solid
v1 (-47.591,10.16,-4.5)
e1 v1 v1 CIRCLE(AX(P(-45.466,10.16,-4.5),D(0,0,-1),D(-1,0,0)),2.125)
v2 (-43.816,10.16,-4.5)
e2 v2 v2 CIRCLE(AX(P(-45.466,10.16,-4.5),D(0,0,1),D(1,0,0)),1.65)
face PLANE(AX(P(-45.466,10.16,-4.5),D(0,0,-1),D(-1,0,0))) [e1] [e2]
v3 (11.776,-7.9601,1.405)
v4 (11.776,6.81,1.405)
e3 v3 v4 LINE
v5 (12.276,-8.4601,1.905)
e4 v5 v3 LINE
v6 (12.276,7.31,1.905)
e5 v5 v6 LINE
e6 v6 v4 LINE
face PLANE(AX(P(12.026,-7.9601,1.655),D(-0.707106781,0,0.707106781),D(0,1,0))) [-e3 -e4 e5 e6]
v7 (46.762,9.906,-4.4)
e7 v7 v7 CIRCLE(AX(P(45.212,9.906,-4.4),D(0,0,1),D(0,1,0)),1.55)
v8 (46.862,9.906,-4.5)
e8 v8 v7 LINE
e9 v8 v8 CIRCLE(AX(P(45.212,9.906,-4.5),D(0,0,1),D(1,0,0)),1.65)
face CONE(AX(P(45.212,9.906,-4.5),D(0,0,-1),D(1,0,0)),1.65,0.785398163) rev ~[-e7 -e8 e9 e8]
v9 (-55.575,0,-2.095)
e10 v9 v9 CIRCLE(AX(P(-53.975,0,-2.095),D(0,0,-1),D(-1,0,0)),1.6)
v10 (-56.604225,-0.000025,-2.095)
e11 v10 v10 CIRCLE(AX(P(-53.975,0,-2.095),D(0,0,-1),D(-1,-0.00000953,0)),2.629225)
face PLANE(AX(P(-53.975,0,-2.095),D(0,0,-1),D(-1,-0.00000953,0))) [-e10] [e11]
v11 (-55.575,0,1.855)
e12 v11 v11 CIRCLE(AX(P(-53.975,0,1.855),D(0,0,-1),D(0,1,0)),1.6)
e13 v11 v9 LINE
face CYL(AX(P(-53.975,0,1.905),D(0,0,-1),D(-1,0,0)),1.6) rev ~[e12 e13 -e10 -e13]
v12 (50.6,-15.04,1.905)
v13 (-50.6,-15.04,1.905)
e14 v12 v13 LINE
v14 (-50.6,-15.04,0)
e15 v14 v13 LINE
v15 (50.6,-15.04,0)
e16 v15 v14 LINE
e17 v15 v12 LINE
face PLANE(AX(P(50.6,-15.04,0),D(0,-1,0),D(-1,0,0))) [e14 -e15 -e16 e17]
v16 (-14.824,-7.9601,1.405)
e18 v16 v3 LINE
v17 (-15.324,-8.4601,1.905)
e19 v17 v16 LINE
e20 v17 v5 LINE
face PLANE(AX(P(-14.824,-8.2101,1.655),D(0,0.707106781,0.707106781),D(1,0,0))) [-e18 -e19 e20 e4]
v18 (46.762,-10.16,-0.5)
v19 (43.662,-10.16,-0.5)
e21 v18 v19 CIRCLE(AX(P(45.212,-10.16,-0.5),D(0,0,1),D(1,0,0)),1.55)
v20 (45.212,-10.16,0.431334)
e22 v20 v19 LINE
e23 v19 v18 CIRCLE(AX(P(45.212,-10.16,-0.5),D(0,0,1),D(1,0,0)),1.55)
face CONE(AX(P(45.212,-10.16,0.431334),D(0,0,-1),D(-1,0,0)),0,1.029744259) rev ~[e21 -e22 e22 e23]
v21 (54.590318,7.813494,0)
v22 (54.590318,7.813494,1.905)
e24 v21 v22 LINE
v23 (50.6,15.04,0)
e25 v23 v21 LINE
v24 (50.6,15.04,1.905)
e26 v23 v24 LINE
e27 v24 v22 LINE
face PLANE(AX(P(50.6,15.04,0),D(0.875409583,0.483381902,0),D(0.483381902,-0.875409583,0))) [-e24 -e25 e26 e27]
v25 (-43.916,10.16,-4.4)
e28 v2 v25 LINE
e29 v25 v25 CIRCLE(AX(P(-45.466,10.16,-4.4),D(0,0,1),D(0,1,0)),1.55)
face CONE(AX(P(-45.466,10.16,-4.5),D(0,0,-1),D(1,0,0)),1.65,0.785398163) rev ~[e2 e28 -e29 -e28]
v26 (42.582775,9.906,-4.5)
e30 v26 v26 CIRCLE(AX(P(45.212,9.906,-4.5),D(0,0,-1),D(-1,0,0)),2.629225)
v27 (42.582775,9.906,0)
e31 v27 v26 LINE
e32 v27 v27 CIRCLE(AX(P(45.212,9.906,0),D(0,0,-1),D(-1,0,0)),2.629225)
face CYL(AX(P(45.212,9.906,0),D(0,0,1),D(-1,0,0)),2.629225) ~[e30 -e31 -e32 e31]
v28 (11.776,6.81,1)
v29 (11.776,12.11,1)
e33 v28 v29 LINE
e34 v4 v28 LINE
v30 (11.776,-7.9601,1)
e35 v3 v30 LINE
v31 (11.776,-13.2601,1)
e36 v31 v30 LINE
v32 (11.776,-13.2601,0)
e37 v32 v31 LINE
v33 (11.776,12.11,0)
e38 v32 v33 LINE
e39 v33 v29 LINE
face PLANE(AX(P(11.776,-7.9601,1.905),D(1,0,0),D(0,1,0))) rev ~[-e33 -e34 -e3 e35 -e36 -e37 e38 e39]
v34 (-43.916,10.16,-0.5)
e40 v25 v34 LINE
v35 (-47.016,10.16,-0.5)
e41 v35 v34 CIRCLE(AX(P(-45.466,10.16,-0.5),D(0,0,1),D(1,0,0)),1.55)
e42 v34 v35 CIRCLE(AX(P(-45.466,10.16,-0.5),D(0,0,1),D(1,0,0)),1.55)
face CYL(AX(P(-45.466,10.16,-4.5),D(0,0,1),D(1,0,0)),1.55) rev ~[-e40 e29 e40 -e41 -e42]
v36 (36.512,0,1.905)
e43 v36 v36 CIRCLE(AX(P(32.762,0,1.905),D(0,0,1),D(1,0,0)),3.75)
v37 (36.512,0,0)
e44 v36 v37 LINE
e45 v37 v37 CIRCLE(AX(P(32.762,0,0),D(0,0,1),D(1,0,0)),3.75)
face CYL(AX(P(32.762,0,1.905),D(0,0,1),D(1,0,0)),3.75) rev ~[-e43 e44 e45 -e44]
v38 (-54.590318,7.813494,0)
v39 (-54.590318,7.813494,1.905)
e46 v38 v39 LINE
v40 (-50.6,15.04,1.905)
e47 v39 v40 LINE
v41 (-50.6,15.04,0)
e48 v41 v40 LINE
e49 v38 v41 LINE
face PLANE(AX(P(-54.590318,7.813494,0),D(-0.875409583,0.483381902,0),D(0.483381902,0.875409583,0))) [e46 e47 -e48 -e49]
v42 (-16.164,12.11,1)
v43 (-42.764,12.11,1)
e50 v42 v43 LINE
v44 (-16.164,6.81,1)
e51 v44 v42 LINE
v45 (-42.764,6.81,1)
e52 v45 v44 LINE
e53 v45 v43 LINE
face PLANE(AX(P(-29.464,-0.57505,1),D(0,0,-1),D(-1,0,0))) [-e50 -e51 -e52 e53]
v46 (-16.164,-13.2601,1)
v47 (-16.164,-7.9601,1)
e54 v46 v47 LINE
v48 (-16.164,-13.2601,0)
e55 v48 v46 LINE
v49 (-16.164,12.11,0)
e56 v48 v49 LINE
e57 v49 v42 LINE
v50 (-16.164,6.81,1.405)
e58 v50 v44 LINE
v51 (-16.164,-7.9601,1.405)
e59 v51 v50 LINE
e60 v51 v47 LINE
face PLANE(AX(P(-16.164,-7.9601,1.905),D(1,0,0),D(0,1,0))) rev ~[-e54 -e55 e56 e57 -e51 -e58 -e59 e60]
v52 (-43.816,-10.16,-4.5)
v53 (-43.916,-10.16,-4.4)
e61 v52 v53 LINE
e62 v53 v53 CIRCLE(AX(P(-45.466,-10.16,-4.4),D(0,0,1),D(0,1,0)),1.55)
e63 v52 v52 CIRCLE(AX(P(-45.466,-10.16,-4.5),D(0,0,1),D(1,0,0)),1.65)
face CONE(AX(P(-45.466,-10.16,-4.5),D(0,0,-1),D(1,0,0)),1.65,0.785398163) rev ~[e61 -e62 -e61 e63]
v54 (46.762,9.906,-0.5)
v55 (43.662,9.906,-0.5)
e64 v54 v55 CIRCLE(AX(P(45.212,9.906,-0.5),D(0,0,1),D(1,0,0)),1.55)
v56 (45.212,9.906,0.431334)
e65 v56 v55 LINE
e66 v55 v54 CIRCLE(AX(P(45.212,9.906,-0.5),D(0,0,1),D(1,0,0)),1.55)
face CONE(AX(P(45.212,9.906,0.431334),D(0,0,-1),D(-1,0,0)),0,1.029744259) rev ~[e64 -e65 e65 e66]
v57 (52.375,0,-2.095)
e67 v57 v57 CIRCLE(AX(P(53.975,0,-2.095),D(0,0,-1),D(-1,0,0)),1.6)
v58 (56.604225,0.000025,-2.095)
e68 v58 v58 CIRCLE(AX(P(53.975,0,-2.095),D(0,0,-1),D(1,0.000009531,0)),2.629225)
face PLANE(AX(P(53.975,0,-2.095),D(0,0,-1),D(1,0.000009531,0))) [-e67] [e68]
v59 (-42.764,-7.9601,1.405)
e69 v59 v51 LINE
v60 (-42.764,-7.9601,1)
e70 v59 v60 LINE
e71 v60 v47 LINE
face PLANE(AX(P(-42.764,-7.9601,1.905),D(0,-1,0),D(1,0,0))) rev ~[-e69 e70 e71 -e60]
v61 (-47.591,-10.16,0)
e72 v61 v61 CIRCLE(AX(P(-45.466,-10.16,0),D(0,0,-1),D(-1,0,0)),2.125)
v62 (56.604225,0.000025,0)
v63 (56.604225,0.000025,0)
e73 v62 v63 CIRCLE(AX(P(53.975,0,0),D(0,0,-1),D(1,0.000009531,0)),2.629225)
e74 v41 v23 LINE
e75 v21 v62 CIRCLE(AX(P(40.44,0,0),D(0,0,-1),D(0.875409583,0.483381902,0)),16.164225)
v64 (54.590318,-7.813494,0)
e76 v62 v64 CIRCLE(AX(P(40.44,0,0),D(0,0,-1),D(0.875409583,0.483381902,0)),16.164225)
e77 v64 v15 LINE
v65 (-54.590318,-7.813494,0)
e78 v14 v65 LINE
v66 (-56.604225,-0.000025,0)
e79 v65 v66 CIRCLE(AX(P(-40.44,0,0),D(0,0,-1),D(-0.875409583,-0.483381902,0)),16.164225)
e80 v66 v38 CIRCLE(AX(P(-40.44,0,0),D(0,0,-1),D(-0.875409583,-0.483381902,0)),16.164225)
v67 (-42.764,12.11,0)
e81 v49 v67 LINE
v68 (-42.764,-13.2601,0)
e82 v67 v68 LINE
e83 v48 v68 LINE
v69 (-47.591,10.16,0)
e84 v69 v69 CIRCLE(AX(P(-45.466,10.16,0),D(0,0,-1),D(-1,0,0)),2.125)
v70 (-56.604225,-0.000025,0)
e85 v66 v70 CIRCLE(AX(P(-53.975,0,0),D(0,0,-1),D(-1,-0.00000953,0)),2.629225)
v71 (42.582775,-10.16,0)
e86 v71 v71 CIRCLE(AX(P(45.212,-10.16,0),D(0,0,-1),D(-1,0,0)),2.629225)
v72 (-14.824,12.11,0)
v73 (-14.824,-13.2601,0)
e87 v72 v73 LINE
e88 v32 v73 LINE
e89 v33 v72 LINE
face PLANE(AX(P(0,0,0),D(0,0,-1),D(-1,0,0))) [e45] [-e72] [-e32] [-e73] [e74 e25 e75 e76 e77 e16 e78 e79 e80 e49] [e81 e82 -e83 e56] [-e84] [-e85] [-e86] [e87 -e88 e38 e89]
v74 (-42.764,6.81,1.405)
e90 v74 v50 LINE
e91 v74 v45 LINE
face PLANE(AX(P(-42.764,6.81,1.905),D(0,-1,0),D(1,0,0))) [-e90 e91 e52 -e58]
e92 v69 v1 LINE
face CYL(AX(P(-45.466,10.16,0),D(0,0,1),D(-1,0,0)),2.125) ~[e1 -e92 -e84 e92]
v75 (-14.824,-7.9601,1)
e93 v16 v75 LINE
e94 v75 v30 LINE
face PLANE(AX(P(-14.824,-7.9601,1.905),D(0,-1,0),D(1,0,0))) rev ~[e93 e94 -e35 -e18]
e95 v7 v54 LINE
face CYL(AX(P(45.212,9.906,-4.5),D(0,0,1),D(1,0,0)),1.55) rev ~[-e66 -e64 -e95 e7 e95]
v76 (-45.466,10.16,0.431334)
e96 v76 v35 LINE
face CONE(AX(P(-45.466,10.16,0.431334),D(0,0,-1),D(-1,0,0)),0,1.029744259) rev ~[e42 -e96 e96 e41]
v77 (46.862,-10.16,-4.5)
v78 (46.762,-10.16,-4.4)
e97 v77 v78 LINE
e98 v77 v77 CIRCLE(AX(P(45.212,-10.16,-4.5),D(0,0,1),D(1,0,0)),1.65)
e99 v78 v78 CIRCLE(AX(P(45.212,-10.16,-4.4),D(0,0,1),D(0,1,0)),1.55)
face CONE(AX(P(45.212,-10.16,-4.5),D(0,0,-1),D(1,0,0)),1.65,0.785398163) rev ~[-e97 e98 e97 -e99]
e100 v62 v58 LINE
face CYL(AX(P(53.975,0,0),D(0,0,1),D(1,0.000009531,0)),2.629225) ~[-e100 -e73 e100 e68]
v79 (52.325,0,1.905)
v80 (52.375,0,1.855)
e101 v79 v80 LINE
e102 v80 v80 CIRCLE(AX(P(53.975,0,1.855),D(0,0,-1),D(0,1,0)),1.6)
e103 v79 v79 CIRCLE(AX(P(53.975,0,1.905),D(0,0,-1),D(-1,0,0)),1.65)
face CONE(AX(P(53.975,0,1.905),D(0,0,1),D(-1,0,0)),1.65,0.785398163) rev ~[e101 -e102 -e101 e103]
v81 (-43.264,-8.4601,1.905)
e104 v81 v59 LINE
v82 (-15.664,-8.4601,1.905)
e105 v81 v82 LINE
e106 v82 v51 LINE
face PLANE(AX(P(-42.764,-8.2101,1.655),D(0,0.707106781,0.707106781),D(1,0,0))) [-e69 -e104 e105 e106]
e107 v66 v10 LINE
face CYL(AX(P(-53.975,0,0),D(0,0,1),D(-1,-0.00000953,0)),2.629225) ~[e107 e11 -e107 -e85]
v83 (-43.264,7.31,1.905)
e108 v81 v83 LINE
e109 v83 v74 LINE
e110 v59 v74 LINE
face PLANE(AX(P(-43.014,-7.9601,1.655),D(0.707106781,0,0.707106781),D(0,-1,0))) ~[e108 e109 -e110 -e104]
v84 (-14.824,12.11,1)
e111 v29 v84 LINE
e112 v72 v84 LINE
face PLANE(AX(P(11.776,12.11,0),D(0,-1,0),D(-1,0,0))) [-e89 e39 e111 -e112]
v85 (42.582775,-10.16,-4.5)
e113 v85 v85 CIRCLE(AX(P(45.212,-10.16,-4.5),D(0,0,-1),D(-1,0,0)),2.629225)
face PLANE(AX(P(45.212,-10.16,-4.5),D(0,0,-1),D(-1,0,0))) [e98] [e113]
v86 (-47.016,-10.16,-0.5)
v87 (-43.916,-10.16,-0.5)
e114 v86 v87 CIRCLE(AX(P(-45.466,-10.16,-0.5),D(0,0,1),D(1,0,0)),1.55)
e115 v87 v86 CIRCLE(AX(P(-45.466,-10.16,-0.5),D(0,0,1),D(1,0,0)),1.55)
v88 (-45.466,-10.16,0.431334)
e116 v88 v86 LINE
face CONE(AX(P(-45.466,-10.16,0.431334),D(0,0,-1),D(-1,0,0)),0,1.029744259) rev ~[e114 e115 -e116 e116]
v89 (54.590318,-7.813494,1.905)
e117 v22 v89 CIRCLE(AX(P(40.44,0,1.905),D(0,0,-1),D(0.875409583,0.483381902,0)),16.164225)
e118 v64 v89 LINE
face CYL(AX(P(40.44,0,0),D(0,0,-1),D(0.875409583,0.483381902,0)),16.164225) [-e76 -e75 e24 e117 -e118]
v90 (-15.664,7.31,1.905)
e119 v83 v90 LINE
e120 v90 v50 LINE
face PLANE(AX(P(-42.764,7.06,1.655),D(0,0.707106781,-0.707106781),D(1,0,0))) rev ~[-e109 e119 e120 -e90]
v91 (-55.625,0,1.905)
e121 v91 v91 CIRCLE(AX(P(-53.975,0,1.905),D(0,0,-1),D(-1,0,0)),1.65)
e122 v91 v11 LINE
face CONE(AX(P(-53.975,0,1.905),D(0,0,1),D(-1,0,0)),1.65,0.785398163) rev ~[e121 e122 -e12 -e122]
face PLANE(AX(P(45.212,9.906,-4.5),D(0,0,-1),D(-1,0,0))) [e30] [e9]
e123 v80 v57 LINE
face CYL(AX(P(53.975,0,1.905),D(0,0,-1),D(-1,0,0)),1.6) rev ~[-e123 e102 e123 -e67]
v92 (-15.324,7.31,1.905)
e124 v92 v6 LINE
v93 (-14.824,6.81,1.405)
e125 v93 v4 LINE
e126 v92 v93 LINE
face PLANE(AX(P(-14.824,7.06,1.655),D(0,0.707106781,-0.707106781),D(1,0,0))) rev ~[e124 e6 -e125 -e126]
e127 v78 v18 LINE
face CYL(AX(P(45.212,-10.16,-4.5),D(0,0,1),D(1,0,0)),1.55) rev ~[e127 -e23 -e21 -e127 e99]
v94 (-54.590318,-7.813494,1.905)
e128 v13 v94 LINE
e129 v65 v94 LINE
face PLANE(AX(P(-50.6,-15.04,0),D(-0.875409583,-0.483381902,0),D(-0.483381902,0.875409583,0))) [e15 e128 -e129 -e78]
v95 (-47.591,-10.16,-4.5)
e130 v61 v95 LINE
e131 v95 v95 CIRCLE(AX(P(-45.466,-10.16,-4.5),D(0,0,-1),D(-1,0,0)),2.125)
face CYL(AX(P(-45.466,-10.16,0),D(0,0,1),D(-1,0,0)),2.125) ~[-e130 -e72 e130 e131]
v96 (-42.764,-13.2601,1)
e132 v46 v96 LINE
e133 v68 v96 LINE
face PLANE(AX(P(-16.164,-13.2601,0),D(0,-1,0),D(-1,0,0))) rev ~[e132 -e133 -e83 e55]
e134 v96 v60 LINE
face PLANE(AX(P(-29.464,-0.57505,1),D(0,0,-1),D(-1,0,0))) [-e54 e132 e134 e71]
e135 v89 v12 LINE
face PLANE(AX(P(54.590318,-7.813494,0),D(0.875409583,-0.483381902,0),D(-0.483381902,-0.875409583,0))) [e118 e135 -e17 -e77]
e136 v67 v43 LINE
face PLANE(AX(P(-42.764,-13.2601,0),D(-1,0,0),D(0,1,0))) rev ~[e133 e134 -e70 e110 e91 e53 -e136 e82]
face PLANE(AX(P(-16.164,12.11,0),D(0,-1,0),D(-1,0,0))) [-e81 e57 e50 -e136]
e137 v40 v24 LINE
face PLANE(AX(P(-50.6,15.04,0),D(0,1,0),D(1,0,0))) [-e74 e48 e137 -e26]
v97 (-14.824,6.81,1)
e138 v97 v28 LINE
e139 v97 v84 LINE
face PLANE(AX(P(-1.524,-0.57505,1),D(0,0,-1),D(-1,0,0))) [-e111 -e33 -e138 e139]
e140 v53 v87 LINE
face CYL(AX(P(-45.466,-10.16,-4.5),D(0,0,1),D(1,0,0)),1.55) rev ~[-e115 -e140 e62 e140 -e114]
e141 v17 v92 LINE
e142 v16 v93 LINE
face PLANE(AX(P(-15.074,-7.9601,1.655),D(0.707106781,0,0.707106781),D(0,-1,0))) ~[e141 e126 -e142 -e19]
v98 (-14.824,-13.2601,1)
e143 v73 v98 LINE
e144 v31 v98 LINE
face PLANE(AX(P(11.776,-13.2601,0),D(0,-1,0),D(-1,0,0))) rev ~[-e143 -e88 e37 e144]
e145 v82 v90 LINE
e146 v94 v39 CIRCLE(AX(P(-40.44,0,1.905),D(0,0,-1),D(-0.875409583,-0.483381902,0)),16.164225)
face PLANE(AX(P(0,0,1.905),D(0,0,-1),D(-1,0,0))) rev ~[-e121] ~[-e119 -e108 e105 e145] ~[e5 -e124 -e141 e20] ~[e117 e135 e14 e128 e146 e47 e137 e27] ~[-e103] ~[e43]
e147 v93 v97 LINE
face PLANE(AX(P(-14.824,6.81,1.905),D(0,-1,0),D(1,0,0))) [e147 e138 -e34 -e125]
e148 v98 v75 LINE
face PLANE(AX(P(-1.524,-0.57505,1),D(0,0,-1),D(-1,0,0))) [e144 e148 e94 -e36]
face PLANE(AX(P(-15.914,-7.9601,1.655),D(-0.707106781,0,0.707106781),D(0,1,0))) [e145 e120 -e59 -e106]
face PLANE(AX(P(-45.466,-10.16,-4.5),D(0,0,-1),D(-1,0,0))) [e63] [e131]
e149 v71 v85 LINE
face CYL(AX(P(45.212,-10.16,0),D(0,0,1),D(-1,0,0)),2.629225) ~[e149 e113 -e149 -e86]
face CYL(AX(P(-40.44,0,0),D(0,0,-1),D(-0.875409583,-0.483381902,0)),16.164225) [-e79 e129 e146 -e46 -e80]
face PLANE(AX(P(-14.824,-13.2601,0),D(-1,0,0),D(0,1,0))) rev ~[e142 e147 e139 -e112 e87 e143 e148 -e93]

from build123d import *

# Parameters (mm, degrees)
BOSS_EXTRUDE1_DEPTH             = 1.905
SKETCH6_R                       = 2.629225159
BOSS_EXTRUDE4_DEPTH             = 2.095
F_3_0MM_DOWEL_HOLE1_D           = 3.2
F_3_0MM_DOWEL_HOLE1_CSINK_D     = 3.3
F_3_0MM_DOWEL_HOLE1_CSINK_ANGLE = 90
SKETCH7_R                       = 3.75
SKETCH7_W                       = 26.6
SKETCH7_H                       = 14.7701
CUT_EXTRUDE1_DEPTH              = 59.70468385
SKETCH9_R                       = 2.629225159
SKETCH9_R_2                     = 2.125
BOSS_EXTRUDE5_DEPTH             = 4.5
F_3_0MM_DOWEL_HOLE2_D           = 3.1
F_3_0MM_DOWEL_HOLE2_DEPTH       = 4
F_3_0MM_DOWEL_HOLE2_CSINK_D     = 3.3
F_3_0MM_DOWEL_HOLE2_CSINK_ANGLE = 90
F_3_0MM_DOWEL_HOLE2_TIP         = 0.931333959
SKETCH12_W                      = 26.6
SKETCH12_H                      = 25.3701
CUT_EXTRUDE2_DEPTH              = 1
CHAMFER1_SIZE                   = 0.5


with BuildPart() as part:
    # Sketch1 → Boss-Extrude1 (new body)
    with BuildSketch(Plane.XY):
        with BuildLine():
            Line((-50.6, 15.04), (50.6, 15.04))
            Line((50.6, 15.04), (54.590317598, 7.813493896))
            ThreePointArc((54.590317598, 7.813493896), (56.604225159, 0), (54.590317598, -7.813493896))
            Line((54.590317598, -7.813493896), (50.6, -15.04))
            Line((50.6, -15.04), (-50.6, -15.04))
            Line((-50.6, -15.04), (-54.590317598, -7.813493896))
            ThreePointArc((-54.590317598, -7.813493896), (-56.604225159, 0), (-54.590317598, 7.813493896))
            Line((-54.590317598, 7.813493896), (-50.6, 15.04))
        make_face()
    extrude(amount=BOSS_EXTRUDE1_DEPTH)

    # Sketch6 → Boss-Extrude4 (add)
    with BuildSketch(Plane(origin=(0, 0, 0), x_dir=(-1, 0, 0), z_dir=(0, 0, -1))):
        with Locations(Location((-53.975, 0, 0), (0, 0, 179.99945392))):
            Circle(SKETCH6_R)
        with Locations(Location((53.975, 0, 0), (0, 0, 359.99945398))):
            Circle(SKETCH6_R)
    extrude(amount=BOSS_EXTRUDE4_DEPTH)

    # Ø3.0mm Dowel Hole1 (through all)
    with Locations(Plane.XY.offset(1.905)):
        with Locations((53.975, 0), (-53.975, 0)):
            CounterSinkHole(F_3_0MM_DOWEL_HOLE1_D / 2, F_3_0MM_DOWEL_HOLE1_CSINK_D / 2, counter_sink_angle=F_3_0MM_DOWEL_HOLE1_CSINK_ANGLE)

    # Sketch7 → Cut-Extrude1 (cut, through all)
    with BuildSketch(Plane.XY.offset(1.905)):
        with Locations((32.762, 0)):
            Circle(SKETCH7_R)
        with Locations((-29.464, -0.57505)):
            Rectangle(SKETCH7_W, SKETCH7_H)
        with Locations((-1.524, -0.57505)):
            Rectangle(SKETCH7_W, SKETCH7_H)
    extrude(amount=-CUT_EXTRUDE1_DEPTH, mode=Mode.SUBTRACT)

    # Sketch9 → Boss-Extrude5 (add)
    with BuildSketch(Plane(origin=(0, 0, 0), x_dir=(-1, 0, 0), z_dir=(0, 0, -1))):
        with Locations((-45.212, 9.906)):
            Circle(SKETCH9_R)
        with Locations((-45.212, -10.16)):
            Circle(SKETCH9_R)
        with Locations((45.466, -10.16)):
            Circle(SKETCH9_R_2)
        with Locations((45.466, 10.16)):
            Circle(SKETCH9_R_2)
    extrude(amount=BOSS_EXTRUDE5_DEPTH)

    # Ø3.0mm Dowel Hole2
    with Locations(Plane(origin=(0, 0, -4.5), x_dir=(-1, 0, 0), z_dir=(0, 0, -1))):
        with Locations((-45.212, 9.906), (-45.212, -10.16), (45.466, -10.16), (45.466, 10.16)):
            CounterSinkHole(F_3_0MM_DOWEL_HOLE2_D / 2, F_3_0MM_DOWEL_HOLE2_CSINK_D / 2, depth=F_3_0MM_DOWEL_HOLE2_DEPTH, counter_sink_angle=F_3_0MM_DOWEL_HOLE2_CSINK_ANGLE)
            with Locations((0, 0, -(F_3_0MM_DOWEL_HOLE2_DEPTH + F_3_0MM_DOWEL_HOLE2_TIP / 2))):  # 118° drill point
                Cone(0, F_3_0MM_DOWEL_HOLE2_D / 2, F_3_0MM_DOWEL_HOLE2_TIP, mode=Mode.SUBTRACT)

    # Sketch12 → Cut-Extrude2 (cut)
    with BuildSketch(Plane(origin=(0, 0, 0), x_dir=(-1, 0, 0), z_dir=(0, 0, -1))):
        with Locations((1.524, -0.57505)):
            Rectangle(SKETCH12_W, SKETCH12_H)
        with Locations((29.464, -0.57505)):
            Rectangle(SKETCH12_W, SKETCH12_H)
    extrude(amount=-CUT_EXTRUDE2_DEPTH, mode=Mode.SUBTRACT)

    # Chamfer1
    chamfer1_edges = [part.edges().sort_by_distance(p)[0] for p in [
        (-42.764, -0.57505, 1.905),
        (-29.464, -7.9601, 1.905),
        (-16.164, -0.57505, 1.905),
        (-29.464, 6.81, 1.905),
        (-14.824, -0.57505, 1.905),
        (-1.524, -7.9601, 1.905),
        (11.776, -0.57505, 1.905),
        (-1.524, 6.81, 1.905),
    ]]
    chamfer(chamfer1_edges, length=CHAMFER1_SIZE)


solid = part.part
